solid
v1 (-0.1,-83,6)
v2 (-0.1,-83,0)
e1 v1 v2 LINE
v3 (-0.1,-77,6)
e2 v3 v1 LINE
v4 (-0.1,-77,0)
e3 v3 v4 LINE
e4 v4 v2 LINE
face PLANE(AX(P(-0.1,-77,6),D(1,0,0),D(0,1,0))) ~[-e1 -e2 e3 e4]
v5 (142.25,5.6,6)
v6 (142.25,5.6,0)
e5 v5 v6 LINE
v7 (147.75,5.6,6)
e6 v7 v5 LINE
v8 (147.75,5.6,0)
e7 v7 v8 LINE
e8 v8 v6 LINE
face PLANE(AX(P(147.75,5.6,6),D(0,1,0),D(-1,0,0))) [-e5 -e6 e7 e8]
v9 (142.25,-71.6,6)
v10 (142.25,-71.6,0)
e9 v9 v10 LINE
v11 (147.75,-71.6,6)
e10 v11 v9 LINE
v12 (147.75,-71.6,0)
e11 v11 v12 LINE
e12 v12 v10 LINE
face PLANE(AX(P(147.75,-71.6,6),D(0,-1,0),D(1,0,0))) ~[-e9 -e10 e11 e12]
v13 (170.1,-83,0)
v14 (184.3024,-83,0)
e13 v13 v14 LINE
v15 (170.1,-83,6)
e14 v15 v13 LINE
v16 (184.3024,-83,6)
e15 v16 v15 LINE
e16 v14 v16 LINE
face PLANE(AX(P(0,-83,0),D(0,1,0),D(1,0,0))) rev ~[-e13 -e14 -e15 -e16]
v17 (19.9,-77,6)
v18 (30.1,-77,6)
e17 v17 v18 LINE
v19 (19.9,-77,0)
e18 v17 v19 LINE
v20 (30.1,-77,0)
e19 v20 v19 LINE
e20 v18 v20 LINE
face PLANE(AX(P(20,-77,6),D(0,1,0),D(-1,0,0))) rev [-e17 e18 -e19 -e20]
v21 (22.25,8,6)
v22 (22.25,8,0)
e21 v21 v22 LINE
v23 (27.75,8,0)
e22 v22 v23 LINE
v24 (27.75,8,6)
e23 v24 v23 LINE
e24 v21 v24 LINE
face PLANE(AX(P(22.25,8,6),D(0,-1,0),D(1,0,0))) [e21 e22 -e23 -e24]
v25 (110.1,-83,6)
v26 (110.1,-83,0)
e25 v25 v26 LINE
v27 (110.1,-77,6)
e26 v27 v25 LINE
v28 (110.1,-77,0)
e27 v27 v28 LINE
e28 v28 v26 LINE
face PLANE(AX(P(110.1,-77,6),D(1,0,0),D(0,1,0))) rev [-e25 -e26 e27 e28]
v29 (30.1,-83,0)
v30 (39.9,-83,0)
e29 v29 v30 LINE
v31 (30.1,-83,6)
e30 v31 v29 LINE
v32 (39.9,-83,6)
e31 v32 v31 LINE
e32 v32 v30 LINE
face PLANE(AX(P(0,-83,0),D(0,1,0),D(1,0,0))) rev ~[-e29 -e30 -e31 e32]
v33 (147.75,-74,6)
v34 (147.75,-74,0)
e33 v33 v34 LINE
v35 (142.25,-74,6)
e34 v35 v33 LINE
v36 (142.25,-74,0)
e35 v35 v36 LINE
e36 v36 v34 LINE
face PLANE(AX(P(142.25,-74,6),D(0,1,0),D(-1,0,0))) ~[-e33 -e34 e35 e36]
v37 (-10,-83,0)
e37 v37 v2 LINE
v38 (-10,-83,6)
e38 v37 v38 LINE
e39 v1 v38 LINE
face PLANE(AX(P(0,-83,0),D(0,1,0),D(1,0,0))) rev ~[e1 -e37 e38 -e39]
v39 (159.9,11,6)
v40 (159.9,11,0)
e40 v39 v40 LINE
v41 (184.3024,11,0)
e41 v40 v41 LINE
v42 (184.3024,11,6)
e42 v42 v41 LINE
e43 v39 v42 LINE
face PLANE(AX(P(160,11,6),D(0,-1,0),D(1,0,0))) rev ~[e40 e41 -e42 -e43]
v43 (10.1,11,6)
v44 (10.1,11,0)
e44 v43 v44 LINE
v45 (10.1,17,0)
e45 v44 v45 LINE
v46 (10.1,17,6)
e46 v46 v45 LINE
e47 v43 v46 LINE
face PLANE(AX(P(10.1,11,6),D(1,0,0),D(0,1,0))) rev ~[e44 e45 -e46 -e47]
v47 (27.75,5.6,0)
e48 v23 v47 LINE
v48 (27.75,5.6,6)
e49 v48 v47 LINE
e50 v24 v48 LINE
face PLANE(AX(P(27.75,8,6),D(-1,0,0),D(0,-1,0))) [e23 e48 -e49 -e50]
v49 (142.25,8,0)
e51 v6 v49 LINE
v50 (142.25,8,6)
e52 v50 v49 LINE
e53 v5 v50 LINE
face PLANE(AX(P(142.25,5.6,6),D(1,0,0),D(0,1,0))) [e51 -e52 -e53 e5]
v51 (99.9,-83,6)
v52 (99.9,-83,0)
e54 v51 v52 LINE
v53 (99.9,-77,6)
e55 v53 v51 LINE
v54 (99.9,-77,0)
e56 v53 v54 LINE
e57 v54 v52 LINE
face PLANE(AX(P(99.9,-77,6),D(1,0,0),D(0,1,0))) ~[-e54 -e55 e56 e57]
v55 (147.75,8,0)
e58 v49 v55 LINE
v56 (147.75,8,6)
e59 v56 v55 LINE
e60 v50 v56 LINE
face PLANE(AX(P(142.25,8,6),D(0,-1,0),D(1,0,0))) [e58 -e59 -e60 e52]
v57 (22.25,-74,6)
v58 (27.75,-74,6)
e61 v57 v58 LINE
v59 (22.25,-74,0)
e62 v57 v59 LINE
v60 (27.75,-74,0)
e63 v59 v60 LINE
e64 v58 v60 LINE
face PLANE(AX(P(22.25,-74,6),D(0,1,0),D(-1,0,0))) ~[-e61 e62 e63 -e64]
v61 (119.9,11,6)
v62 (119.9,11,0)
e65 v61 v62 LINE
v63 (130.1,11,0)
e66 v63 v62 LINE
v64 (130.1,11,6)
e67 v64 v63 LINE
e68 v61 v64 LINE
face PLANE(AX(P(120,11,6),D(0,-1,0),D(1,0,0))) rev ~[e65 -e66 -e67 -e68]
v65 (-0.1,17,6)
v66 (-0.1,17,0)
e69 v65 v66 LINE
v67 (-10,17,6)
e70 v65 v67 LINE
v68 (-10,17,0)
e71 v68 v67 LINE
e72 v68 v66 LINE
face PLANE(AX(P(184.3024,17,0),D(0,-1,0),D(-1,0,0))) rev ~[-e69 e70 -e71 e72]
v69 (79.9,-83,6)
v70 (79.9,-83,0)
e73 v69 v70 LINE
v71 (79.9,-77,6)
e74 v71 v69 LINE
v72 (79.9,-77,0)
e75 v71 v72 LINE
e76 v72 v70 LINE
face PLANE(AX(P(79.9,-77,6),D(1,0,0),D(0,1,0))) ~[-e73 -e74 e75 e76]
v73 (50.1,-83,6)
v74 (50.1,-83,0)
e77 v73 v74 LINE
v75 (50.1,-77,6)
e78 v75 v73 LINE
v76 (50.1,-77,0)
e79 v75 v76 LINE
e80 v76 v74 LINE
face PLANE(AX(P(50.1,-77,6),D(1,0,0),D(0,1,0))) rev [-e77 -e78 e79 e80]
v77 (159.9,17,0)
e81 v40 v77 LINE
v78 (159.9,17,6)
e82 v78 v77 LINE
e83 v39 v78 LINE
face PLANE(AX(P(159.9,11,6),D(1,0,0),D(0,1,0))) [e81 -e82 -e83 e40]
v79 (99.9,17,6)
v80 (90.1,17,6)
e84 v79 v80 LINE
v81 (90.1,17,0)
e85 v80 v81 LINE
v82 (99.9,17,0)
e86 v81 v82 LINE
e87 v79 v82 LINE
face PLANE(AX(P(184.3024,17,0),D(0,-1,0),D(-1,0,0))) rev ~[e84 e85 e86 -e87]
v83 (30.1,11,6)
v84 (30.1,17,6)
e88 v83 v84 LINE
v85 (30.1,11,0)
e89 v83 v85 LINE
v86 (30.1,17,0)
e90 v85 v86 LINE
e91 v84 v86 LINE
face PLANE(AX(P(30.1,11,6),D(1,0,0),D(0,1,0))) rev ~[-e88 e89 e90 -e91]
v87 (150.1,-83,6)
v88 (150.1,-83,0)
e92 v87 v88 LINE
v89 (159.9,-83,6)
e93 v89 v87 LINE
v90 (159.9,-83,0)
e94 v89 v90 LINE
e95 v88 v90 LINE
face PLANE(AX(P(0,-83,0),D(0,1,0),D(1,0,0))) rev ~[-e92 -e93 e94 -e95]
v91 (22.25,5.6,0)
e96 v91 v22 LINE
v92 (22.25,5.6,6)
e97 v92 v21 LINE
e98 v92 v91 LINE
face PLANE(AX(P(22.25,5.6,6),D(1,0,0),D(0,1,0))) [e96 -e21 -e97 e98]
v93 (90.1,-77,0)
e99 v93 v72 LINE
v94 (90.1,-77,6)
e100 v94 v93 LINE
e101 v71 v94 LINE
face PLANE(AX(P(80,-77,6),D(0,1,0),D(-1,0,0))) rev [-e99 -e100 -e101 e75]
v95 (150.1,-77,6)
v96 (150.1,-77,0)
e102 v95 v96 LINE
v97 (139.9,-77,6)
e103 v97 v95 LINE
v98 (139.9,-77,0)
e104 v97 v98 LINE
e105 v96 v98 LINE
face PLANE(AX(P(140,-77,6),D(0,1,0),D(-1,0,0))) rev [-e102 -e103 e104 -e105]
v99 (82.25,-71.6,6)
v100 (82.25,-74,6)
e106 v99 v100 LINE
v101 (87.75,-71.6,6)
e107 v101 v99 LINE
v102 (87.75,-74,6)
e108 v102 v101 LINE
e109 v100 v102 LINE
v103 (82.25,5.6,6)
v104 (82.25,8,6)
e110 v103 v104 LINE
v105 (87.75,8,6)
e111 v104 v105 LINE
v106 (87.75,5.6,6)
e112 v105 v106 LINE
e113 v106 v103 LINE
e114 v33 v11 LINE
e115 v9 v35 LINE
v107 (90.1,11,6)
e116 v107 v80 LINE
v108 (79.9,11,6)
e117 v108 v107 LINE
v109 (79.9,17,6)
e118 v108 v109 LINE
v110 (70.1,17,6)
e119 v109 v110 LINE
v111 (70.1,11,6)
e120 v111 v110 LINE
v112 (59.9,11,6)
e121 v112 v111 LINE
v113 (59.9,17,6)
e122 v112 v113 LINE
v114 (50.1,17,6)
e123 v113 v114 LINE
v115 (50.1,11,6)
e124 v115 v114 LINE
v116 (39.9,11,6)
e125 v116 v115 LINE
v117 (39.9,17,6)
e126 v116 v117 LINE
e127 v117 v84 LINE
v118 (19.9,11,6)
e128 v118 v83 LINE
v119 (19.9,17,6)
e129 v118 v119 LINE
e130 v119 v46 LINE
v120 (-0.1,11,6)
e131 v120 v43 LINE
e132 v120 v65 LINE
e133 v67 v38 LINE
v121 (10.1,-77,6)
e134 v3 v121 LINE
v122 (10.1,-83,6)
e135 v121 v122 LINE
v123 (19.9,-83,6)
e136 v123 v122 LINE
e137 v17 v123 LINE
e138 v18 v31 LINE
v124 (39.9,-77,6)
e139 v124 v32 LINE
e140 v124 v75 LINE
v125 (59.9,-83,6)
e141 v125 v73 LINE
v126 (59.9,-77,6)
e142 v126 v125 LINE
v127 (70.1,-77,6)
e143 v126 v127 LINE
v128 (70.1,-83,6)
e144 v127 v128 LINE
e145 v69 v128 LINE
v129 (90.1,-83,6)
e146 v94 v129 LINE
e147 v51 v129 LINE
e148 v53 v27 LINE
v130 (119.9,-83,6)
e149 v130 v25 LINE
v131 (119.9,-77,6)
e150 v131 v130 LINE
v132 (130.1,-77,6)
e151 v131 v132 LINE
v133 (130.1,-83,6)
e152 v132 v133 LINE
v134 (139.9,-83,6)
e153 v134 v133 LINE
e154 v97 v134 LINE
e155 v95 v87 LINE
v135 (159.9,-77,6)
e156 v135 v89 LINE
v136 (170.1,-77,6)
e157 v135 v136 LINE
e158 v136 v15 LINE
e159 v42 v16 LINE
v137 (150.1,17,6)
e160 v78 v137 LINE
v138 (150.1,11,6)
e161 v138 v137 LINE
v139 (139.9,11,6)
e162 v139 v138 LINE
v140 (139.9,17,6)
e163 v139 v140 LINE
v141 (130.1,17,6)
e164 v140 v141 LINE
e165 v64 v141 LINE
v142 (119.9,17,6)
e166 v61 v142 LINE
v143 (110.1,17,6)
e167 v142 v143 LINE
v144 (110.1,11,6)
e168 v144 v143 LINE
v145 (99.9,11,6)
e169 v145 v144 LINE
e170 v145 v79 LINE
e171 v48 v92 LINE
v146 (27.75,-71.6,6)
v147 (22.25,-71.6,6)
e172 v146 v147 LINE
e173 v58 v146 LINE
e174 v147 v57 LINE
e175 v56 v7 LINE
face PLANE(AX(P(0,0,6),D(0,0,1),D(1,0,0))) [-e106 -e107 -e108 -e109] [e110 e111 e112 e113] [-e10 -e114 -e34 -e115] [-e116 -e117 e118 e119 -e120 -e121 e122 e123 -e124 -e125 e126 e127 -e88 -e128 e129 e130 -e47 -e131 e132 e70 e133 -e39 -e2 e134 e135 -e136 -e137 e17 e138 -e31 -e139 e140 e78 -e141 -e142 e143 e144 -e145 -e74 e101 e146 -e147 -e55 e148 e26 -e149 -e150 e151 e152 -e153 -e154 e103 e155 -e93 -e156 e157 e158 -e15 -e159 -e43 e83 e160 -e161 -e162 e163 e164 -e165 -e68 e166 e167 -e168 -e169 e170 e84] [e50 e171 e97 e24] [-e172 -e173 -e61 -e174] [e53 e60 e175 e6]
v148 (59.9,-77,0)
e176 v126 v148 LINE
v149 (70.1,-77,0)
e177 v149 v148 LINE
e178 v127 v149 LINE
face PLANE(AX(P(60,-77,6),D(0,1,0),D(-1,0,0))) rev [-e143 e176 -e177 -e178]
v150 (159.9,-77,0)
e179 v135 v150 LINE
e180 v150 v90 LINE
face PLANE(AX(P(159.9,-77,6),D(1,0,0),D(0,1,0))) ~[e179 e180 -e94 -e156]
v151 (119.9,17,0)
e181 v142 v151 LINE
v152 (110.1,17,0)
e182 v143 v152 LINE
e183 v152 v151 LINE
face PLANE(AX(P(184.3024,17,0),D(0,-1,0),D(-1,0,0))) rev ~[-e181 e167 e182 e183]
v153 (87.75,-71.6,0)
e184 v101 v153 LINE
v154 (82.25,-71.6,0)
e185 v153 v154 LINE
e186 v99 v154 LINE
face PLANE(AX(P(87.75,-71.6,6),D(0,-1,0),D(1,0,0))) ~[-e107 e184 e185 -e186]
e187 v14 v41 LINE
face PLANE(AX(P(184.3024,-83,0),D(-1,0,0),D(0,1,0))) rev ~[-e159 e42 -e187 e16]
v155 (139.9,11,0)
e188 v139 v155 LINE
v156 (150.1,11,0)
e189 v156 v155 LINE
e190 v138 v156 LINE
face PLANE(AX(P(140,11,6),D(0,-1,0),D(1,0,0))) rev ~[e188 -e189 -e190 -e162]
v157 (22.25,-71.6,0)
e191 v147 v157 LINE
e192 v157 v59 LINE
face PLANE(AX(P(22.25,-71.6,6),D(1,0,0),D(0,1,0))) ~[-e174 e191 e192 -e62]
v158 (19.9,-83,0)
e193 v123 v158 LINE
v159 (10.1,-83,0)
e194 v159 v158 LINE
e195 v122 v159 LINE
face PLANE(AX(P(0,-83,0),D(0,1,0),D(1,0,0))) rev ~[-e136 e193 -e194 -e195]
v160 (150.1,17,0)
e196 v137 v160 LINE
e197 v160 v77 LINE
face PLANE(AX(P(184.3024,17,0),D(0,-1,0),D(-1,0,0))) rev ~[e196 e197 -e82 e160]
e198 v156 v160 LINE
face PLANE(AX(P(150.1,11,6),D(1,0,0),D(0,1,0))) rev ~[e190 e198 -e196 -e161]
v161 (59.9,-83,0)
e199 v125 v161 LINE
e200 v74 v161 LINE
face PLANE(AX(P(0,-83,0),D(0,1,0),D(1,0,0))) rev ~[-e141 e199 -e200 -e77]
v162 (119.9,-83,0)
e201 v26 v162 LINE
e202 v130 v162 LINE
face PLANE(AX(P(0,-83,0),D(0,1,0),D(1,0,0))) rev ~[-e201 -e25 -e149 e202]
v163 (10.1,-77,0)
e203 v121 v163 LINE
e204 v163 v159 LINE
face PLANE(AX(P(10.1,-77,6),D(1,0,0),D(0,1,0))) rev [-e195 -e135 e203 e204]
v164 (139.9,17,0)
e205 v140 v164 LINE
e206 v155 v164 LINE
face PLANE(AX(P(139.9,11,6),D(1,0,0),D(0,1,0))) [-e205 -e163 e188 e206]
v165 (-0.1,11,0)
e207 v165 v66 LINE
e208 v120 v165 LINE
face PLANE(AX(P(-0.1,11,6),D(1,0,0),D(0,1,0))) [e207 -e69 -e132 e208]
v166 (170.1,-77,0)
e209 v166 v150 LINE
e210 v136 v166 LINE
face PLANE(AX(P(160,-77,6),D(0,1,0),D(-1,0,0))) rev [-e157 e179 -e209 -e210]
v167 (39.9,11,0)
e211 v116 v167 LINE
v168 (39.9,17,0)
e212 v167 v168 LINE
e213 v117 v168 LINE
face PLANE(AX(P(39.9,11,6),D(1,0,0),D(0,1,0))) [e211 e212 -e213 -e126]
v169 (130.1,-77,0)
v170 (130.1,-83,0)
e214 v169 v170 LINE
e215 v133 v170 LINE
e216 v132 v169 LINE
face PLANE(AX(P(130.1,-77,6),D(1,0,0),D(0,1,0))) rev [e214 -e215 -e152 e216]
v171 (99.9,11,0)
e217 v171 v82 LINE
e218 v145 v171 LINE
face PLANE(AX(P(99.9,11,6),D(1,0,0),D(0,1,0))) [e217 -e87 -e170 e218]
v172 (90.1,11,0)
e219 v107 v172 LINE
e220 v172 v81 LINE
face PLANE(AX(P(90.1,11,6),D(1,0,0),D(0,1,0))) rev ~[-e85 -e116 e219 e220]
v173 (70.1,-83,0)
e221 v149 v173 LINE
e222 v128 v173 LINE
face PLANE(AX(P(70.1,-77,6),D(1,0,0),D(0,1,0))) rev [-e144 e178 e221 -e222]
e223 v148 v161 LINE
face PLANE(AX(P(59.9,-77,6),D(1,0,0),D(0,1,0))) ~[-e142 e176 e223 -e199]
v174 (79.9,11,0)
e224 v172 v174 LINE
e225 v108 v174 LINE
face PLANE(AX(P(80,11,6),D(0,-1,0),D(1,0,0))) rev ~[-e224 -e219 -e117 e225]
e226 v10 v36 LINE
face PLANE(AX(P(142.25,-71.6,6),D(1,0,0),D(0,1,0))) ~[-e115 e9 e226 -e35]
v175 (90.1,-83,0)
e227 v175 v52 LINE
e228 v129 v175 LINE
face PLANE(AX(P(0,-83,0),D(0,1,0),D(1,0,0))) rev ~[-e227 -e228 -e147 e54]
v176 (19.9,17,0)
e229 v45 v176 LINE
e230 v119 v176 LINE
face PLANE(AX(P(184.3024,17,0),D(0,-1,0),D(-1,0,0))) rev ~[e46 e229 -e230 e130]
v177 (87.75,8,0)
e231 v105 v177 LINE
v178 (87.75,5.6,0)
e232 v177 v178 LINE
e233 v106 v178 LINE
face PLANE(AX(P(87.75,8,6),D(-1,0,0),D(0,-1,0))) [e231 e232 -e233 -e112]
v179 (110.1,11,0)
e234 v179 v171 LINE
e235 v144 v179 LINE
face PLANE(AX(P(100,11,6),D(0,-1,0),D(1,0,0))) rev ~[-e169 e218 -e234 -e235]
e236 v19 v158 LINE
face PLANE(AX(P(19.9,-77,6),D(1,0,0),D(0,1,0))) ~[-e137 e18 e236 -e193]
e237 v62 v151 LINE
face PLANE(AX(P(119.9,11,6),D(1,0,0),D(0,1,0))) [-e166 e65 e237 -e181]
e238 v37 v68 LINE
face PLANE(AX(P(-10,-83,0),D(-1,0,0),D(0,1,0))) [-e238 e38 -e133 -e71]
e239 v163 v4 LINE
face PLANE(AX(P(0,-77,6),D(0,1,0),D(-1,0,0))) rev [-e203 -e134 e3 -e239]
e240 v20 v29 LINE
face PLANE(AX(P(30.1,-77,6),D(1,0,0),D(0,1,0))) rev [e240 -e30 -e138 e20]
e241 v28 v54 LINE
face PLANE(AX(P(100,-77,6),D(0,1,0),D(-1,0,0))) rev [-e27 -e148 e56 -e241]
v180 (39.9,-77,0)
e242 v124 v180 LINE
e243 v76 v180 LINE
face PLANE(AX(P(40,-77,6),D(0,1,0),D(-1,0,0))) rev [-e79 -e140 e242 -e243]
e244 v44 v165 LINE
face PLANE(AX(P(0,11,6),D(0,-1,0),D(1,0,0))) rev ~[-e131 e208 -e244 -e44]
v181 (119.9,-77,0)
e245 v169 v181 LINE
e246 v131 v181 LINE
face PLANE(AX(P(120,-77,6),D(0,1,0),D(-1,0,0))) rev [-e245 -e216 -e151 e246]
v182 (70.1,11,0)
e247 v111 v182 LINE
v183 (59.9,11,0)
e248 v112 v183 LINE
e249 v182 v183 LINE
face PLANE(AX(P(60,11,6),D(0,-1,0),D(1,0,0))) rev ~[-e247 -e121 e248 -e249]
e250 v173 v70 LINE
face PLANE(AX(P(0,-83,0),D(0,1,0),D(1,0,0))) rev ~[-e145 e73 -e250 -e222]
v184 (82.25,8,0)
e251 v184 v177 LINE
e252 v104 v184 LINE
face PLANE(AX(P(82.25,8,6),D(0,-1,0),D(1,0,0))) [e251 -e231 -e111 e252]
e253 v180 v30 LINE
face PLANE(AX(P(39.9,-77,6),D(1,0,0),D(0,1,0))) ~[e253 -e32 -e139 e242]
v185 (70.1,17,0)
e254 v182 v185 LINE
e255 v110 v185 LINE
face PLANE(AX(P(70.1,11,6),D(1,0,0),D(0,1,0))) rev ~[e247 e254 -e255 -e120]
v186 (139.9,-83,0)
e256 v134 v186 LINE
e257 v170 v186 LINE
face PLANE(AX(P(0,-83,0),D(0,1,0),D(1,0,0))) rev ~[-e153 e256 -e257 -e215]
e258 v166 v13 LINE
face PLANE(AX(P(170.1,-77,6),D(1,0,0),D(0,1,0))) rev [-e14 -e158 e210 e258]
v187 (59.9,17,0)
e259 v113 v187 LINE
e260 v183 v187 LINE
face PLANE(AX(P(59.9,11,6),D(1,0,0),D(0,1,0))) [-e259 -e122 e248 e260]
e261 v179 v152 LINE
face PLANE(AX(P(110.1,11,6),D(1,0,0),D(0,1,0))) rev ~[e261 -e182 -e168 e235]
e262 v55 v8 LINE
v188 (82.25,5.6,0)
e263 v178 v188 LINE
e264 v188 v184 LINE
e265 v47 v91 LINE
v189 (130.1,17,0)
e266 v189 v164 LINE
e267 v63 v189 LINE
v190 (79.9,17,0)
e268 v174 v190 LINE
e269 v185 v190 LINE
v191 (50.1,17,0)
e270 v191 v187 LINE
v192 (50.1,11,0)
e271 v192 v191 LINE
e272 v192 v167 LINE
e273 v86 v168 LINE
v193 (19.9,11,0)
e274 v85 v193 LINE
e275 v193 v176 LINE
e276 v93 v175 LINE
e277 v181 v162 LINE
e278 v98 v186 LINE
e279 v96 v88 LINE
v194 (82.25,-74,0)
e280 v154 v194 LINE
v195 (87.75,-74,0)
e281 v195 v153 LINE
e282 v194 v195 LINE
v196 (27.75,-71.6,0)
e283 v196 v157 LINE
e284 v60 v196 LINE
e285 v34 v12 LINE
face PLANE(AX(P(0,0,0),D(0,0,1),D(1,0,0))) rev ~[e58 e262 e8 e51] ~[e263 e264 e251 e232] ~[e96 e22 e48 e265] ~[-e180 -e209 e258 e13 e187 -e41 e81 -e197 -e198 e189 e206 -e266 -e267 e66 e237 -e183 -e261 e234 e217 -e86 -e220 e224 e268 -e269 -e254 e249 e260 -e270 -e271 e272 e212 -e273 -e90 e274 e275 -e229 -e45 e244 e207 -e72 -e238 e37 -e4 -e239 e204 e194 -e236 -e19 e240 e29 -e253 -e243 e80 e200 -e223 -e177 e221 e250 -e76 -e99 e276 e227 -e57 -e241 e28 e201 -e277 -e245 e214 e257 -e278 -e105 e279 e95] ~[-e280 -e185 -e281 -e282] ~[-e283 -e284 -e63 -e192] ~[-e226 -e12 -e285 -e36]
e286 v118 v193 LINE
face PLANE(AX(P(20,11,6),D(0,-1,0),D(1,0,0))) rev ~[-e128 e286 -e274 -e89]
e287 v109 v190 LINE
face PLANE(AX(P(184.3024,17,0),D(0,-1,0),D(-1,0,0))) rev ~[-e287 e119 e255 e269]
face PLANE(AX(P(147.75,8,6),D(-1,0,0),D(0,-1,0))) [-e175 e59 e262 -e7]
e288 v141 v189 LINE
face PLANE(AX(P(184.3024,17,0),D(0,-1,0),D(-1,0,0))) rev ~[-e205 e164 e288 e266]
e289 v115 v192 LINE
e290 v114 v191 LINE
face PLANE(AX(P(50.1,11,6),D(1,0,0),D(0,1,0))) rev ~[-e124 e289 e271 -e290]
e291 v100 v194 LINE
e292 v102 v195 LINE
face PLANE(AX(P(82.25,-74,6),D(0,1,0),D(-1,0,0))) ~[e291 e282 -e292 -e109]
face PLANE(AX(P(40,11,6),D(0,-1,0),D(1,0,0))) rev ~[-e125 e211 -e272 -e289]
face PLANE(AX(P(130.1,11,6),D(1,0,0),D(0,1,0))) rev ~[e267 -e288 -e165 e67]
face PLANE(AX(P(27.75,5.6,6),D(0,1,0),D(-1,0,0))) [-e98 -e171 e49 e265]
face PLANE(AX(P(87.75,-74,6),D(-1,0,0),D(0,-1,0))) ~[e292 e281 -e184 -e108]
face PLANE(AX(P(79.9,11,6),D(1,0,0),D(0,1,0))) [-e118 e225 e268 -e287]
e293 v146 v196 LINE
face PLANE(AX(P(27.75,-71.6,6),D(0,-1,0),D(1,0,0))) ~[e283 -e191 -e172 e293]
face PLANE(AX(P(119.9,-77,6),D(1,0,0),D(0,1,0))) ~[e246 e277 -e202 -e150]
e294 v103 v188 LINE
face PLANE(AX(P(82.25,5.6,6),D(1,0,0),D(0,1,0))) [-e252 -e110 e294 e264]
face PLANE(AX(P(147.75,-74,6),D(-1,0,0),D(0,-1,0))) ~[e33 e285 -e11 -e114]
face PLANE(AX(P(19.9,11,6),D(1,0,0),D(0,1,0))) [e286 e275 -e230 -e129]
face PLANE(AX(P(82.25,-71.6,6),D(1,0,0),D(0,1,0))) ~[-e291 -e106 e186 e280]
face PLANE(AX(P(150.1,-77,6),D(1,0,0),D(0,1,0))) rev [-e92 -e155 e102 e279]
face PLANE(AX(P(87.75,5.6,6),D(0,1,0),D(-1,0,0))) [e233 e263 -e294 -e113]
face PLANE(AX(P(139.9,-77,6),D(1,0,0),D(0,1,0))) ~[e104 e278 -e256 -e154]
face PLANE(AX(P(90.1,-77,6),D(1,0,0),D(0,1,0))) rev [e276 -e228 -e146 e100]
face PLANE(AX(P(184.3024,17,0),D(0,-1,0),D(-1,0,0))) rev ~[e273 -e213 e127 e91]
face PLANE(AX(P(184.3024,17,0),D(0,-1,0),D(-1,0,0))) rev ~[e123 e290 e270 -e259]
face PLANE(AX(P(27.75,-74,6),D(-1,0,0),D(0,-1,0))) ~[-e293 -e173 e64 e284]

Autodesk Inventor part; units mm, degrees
ref_plane "YZ Plane" through (0, 0, 0) normal (1, 0, 0) x (0, 1, 0)
ref_plane "XZ Plane" through (0, 0, 0) normal (0, 1, 0) x (-1, 0, 0)
ref_plane "XY Plane" through (0, 0, 0) normal (0, 0, 1) x (1, 0, 0)
sketch "Sketch1" plane through (0, 0, 0) normal (0, 0, 1) x (1, 0, 0)
  line L0 (184.3024, 11) -> (184.3024, 17) projected
  line L1 (-10, 11) -> (-10, 17) projected
  line L2 (184.3024, 17) -> (0, 17)
  line L3 (0, 17) -> (0, -83)
  line L4 (0, -83) -> (184.3024, -83)
  line L5 (184.3024, -83) -> (184.3024, 17)
  line L6 (-10, 17) -> (0, 17)
  line L7 (0, 17) -> (0, -83)
  line L8 (0, -83) -> (-10, -83)
  line L9 (-10, -83) -> (-10, 17)
  point P0 (0, 0)
  point P1 (-10, 6)
  point P2 (-10, 0)
  dimension "d0" = 100
extrude "Extrusion1" add sketch "Sketch1" along normal blind 6
sketch "Sketch4" plane through (0, 0, 6) normal (0, 0, 1) x (1, 0, 0)
  line L0 (160, 11) -> (184.3024, 11) projected
  line L1 (160, 17) -> (160, 11) projected
  line L2 (184.3024, 17) -> (-10, 17) projected
  line L3 (184.3024, -83) -> (184.3024, 17) projected
  line L4 (0, 11) -> (-10, 11) projected
  line L5 (0, 17) -> (0, 0) projected
  line L6 (-10, 17) -> (-10, -83) projected
  point P0 (-10, 11)
extrude "Extrusion4" cut sketch "Sketch4" against normal blind 6 contours L1 L2 L3 L0
sketch "Sketch5" plane through (0, 0, 6) normal (0, 0, 1) x (1, 0, 0)
  line L0 (140, 11) -> (150, 11) projected
  line L1 (150, 11) -> (150, 17) projected
  line L2 (140, 17) -> (140, 11) projected
  line L3 (184.3024, 17) -> (-10, 17) projected
  line L4 (150, 11) -> (150.1, 11)
  line L5 (150.1, 11) -> (150.1, 17)
  line L6 (150.1, 17) -> (150, 17)
  line L7 (150, 17) -> (150, 11)
  line L8 (140, 11) -> (139.9, 11)
  line L9 (139.9, 11) -> (139.9, 17)
  line L10 (139.9, 17) -> (140, 17)
  line L11 (140, 17) -> (140, 11)
  point P0 (0, 0)
  point P1 (160, 17)
  point P2 (0, 6)
  point P3 (150.1, 17)
  point P4 (139.9, 17)
  point P5 (-10, 17)
  point P6 (184.3024, 17)
  dimension "d21" = 0.1
  dimension "d22" = 6
  dimension "d23" = 0.1
  dimension "d24" = 6
extrude "Extrusion5" cut sketch "Sketch5" against normal blind 6
pattern_linear "Rectangular Pattern3" count 8 spacing 20 along (-1, 0, 0) of "Extrusion5"
ref_plane "Work Plane1" through (-10, -33, 0) normal (0, -1, 0) x (1, 0, 0)
mirror "Mirror1" about plane through (-10, -33, 0) normal (0, -1, 0) of "Extrusion5"
pattern_linear "Rectangular Pattern4" count 2 spacing 20 along (1, 0, 0) count 8 spacing 20 along (-1, 0, 0) of "Extrusion5", "Mirror1"
sketch "Sketch6" plane through (0, 0, 6) normal (0, 0, 1) x (1, 0, 0)
  line L0 (167.75, 6.6) -> (162.25, 6.6)
  line L1 (162.25, 6.6) -> (162.25, 9)
  line L2 (162.25, 9) -> (167.75, 9)
  line L3 (167.75, 9) -> (167.75, 6.6)
  line L4 (159.9, 11) -> (159.9, 17) projected
  line L5 (184.3024, 11) -> (160, 11) projected
  line L6 (147.75, 5.6) -> (142.25, 5.6)
  line L7 (142.25, 5.6) -> (142.25, 8)
  line L8 (142.25, 8) -> (147.75, 8)
  line L9 (147.75, 8) -> (147.75, 5.6)
  line L10 (150.1, 11) -> (139.9, 11) projected
  line L11 (139.9, 11) -> (139.9, 17) projected
  point P0 (0, 0)
  dimension "d36" = 5.5
  dimension "d37" = 2.4
  dimension "d38" = 2.35
  dimension "d39" = 2
  dimension "d48" = 5.5
  dimension "d49" = 2.4
  dimension "d50" = 3
  dimension "d51" = 2.35
extrude "Extrusion6" cut sketch "Sketch6" against normal blind 6 contours L6 L7 L8 L9
pattern_linear "Rectangular Pattern5" count 3 spacing 60 along (-1, 0, 0) of "Extrusion6"
mirror "Mirror2" about plane through (-10, -33, 0) normal (0, -1, 0) of "Extrusion6", "Rectangular Pattern5"
properties part number "00_Baseplate_Simmo_side5_v2"
